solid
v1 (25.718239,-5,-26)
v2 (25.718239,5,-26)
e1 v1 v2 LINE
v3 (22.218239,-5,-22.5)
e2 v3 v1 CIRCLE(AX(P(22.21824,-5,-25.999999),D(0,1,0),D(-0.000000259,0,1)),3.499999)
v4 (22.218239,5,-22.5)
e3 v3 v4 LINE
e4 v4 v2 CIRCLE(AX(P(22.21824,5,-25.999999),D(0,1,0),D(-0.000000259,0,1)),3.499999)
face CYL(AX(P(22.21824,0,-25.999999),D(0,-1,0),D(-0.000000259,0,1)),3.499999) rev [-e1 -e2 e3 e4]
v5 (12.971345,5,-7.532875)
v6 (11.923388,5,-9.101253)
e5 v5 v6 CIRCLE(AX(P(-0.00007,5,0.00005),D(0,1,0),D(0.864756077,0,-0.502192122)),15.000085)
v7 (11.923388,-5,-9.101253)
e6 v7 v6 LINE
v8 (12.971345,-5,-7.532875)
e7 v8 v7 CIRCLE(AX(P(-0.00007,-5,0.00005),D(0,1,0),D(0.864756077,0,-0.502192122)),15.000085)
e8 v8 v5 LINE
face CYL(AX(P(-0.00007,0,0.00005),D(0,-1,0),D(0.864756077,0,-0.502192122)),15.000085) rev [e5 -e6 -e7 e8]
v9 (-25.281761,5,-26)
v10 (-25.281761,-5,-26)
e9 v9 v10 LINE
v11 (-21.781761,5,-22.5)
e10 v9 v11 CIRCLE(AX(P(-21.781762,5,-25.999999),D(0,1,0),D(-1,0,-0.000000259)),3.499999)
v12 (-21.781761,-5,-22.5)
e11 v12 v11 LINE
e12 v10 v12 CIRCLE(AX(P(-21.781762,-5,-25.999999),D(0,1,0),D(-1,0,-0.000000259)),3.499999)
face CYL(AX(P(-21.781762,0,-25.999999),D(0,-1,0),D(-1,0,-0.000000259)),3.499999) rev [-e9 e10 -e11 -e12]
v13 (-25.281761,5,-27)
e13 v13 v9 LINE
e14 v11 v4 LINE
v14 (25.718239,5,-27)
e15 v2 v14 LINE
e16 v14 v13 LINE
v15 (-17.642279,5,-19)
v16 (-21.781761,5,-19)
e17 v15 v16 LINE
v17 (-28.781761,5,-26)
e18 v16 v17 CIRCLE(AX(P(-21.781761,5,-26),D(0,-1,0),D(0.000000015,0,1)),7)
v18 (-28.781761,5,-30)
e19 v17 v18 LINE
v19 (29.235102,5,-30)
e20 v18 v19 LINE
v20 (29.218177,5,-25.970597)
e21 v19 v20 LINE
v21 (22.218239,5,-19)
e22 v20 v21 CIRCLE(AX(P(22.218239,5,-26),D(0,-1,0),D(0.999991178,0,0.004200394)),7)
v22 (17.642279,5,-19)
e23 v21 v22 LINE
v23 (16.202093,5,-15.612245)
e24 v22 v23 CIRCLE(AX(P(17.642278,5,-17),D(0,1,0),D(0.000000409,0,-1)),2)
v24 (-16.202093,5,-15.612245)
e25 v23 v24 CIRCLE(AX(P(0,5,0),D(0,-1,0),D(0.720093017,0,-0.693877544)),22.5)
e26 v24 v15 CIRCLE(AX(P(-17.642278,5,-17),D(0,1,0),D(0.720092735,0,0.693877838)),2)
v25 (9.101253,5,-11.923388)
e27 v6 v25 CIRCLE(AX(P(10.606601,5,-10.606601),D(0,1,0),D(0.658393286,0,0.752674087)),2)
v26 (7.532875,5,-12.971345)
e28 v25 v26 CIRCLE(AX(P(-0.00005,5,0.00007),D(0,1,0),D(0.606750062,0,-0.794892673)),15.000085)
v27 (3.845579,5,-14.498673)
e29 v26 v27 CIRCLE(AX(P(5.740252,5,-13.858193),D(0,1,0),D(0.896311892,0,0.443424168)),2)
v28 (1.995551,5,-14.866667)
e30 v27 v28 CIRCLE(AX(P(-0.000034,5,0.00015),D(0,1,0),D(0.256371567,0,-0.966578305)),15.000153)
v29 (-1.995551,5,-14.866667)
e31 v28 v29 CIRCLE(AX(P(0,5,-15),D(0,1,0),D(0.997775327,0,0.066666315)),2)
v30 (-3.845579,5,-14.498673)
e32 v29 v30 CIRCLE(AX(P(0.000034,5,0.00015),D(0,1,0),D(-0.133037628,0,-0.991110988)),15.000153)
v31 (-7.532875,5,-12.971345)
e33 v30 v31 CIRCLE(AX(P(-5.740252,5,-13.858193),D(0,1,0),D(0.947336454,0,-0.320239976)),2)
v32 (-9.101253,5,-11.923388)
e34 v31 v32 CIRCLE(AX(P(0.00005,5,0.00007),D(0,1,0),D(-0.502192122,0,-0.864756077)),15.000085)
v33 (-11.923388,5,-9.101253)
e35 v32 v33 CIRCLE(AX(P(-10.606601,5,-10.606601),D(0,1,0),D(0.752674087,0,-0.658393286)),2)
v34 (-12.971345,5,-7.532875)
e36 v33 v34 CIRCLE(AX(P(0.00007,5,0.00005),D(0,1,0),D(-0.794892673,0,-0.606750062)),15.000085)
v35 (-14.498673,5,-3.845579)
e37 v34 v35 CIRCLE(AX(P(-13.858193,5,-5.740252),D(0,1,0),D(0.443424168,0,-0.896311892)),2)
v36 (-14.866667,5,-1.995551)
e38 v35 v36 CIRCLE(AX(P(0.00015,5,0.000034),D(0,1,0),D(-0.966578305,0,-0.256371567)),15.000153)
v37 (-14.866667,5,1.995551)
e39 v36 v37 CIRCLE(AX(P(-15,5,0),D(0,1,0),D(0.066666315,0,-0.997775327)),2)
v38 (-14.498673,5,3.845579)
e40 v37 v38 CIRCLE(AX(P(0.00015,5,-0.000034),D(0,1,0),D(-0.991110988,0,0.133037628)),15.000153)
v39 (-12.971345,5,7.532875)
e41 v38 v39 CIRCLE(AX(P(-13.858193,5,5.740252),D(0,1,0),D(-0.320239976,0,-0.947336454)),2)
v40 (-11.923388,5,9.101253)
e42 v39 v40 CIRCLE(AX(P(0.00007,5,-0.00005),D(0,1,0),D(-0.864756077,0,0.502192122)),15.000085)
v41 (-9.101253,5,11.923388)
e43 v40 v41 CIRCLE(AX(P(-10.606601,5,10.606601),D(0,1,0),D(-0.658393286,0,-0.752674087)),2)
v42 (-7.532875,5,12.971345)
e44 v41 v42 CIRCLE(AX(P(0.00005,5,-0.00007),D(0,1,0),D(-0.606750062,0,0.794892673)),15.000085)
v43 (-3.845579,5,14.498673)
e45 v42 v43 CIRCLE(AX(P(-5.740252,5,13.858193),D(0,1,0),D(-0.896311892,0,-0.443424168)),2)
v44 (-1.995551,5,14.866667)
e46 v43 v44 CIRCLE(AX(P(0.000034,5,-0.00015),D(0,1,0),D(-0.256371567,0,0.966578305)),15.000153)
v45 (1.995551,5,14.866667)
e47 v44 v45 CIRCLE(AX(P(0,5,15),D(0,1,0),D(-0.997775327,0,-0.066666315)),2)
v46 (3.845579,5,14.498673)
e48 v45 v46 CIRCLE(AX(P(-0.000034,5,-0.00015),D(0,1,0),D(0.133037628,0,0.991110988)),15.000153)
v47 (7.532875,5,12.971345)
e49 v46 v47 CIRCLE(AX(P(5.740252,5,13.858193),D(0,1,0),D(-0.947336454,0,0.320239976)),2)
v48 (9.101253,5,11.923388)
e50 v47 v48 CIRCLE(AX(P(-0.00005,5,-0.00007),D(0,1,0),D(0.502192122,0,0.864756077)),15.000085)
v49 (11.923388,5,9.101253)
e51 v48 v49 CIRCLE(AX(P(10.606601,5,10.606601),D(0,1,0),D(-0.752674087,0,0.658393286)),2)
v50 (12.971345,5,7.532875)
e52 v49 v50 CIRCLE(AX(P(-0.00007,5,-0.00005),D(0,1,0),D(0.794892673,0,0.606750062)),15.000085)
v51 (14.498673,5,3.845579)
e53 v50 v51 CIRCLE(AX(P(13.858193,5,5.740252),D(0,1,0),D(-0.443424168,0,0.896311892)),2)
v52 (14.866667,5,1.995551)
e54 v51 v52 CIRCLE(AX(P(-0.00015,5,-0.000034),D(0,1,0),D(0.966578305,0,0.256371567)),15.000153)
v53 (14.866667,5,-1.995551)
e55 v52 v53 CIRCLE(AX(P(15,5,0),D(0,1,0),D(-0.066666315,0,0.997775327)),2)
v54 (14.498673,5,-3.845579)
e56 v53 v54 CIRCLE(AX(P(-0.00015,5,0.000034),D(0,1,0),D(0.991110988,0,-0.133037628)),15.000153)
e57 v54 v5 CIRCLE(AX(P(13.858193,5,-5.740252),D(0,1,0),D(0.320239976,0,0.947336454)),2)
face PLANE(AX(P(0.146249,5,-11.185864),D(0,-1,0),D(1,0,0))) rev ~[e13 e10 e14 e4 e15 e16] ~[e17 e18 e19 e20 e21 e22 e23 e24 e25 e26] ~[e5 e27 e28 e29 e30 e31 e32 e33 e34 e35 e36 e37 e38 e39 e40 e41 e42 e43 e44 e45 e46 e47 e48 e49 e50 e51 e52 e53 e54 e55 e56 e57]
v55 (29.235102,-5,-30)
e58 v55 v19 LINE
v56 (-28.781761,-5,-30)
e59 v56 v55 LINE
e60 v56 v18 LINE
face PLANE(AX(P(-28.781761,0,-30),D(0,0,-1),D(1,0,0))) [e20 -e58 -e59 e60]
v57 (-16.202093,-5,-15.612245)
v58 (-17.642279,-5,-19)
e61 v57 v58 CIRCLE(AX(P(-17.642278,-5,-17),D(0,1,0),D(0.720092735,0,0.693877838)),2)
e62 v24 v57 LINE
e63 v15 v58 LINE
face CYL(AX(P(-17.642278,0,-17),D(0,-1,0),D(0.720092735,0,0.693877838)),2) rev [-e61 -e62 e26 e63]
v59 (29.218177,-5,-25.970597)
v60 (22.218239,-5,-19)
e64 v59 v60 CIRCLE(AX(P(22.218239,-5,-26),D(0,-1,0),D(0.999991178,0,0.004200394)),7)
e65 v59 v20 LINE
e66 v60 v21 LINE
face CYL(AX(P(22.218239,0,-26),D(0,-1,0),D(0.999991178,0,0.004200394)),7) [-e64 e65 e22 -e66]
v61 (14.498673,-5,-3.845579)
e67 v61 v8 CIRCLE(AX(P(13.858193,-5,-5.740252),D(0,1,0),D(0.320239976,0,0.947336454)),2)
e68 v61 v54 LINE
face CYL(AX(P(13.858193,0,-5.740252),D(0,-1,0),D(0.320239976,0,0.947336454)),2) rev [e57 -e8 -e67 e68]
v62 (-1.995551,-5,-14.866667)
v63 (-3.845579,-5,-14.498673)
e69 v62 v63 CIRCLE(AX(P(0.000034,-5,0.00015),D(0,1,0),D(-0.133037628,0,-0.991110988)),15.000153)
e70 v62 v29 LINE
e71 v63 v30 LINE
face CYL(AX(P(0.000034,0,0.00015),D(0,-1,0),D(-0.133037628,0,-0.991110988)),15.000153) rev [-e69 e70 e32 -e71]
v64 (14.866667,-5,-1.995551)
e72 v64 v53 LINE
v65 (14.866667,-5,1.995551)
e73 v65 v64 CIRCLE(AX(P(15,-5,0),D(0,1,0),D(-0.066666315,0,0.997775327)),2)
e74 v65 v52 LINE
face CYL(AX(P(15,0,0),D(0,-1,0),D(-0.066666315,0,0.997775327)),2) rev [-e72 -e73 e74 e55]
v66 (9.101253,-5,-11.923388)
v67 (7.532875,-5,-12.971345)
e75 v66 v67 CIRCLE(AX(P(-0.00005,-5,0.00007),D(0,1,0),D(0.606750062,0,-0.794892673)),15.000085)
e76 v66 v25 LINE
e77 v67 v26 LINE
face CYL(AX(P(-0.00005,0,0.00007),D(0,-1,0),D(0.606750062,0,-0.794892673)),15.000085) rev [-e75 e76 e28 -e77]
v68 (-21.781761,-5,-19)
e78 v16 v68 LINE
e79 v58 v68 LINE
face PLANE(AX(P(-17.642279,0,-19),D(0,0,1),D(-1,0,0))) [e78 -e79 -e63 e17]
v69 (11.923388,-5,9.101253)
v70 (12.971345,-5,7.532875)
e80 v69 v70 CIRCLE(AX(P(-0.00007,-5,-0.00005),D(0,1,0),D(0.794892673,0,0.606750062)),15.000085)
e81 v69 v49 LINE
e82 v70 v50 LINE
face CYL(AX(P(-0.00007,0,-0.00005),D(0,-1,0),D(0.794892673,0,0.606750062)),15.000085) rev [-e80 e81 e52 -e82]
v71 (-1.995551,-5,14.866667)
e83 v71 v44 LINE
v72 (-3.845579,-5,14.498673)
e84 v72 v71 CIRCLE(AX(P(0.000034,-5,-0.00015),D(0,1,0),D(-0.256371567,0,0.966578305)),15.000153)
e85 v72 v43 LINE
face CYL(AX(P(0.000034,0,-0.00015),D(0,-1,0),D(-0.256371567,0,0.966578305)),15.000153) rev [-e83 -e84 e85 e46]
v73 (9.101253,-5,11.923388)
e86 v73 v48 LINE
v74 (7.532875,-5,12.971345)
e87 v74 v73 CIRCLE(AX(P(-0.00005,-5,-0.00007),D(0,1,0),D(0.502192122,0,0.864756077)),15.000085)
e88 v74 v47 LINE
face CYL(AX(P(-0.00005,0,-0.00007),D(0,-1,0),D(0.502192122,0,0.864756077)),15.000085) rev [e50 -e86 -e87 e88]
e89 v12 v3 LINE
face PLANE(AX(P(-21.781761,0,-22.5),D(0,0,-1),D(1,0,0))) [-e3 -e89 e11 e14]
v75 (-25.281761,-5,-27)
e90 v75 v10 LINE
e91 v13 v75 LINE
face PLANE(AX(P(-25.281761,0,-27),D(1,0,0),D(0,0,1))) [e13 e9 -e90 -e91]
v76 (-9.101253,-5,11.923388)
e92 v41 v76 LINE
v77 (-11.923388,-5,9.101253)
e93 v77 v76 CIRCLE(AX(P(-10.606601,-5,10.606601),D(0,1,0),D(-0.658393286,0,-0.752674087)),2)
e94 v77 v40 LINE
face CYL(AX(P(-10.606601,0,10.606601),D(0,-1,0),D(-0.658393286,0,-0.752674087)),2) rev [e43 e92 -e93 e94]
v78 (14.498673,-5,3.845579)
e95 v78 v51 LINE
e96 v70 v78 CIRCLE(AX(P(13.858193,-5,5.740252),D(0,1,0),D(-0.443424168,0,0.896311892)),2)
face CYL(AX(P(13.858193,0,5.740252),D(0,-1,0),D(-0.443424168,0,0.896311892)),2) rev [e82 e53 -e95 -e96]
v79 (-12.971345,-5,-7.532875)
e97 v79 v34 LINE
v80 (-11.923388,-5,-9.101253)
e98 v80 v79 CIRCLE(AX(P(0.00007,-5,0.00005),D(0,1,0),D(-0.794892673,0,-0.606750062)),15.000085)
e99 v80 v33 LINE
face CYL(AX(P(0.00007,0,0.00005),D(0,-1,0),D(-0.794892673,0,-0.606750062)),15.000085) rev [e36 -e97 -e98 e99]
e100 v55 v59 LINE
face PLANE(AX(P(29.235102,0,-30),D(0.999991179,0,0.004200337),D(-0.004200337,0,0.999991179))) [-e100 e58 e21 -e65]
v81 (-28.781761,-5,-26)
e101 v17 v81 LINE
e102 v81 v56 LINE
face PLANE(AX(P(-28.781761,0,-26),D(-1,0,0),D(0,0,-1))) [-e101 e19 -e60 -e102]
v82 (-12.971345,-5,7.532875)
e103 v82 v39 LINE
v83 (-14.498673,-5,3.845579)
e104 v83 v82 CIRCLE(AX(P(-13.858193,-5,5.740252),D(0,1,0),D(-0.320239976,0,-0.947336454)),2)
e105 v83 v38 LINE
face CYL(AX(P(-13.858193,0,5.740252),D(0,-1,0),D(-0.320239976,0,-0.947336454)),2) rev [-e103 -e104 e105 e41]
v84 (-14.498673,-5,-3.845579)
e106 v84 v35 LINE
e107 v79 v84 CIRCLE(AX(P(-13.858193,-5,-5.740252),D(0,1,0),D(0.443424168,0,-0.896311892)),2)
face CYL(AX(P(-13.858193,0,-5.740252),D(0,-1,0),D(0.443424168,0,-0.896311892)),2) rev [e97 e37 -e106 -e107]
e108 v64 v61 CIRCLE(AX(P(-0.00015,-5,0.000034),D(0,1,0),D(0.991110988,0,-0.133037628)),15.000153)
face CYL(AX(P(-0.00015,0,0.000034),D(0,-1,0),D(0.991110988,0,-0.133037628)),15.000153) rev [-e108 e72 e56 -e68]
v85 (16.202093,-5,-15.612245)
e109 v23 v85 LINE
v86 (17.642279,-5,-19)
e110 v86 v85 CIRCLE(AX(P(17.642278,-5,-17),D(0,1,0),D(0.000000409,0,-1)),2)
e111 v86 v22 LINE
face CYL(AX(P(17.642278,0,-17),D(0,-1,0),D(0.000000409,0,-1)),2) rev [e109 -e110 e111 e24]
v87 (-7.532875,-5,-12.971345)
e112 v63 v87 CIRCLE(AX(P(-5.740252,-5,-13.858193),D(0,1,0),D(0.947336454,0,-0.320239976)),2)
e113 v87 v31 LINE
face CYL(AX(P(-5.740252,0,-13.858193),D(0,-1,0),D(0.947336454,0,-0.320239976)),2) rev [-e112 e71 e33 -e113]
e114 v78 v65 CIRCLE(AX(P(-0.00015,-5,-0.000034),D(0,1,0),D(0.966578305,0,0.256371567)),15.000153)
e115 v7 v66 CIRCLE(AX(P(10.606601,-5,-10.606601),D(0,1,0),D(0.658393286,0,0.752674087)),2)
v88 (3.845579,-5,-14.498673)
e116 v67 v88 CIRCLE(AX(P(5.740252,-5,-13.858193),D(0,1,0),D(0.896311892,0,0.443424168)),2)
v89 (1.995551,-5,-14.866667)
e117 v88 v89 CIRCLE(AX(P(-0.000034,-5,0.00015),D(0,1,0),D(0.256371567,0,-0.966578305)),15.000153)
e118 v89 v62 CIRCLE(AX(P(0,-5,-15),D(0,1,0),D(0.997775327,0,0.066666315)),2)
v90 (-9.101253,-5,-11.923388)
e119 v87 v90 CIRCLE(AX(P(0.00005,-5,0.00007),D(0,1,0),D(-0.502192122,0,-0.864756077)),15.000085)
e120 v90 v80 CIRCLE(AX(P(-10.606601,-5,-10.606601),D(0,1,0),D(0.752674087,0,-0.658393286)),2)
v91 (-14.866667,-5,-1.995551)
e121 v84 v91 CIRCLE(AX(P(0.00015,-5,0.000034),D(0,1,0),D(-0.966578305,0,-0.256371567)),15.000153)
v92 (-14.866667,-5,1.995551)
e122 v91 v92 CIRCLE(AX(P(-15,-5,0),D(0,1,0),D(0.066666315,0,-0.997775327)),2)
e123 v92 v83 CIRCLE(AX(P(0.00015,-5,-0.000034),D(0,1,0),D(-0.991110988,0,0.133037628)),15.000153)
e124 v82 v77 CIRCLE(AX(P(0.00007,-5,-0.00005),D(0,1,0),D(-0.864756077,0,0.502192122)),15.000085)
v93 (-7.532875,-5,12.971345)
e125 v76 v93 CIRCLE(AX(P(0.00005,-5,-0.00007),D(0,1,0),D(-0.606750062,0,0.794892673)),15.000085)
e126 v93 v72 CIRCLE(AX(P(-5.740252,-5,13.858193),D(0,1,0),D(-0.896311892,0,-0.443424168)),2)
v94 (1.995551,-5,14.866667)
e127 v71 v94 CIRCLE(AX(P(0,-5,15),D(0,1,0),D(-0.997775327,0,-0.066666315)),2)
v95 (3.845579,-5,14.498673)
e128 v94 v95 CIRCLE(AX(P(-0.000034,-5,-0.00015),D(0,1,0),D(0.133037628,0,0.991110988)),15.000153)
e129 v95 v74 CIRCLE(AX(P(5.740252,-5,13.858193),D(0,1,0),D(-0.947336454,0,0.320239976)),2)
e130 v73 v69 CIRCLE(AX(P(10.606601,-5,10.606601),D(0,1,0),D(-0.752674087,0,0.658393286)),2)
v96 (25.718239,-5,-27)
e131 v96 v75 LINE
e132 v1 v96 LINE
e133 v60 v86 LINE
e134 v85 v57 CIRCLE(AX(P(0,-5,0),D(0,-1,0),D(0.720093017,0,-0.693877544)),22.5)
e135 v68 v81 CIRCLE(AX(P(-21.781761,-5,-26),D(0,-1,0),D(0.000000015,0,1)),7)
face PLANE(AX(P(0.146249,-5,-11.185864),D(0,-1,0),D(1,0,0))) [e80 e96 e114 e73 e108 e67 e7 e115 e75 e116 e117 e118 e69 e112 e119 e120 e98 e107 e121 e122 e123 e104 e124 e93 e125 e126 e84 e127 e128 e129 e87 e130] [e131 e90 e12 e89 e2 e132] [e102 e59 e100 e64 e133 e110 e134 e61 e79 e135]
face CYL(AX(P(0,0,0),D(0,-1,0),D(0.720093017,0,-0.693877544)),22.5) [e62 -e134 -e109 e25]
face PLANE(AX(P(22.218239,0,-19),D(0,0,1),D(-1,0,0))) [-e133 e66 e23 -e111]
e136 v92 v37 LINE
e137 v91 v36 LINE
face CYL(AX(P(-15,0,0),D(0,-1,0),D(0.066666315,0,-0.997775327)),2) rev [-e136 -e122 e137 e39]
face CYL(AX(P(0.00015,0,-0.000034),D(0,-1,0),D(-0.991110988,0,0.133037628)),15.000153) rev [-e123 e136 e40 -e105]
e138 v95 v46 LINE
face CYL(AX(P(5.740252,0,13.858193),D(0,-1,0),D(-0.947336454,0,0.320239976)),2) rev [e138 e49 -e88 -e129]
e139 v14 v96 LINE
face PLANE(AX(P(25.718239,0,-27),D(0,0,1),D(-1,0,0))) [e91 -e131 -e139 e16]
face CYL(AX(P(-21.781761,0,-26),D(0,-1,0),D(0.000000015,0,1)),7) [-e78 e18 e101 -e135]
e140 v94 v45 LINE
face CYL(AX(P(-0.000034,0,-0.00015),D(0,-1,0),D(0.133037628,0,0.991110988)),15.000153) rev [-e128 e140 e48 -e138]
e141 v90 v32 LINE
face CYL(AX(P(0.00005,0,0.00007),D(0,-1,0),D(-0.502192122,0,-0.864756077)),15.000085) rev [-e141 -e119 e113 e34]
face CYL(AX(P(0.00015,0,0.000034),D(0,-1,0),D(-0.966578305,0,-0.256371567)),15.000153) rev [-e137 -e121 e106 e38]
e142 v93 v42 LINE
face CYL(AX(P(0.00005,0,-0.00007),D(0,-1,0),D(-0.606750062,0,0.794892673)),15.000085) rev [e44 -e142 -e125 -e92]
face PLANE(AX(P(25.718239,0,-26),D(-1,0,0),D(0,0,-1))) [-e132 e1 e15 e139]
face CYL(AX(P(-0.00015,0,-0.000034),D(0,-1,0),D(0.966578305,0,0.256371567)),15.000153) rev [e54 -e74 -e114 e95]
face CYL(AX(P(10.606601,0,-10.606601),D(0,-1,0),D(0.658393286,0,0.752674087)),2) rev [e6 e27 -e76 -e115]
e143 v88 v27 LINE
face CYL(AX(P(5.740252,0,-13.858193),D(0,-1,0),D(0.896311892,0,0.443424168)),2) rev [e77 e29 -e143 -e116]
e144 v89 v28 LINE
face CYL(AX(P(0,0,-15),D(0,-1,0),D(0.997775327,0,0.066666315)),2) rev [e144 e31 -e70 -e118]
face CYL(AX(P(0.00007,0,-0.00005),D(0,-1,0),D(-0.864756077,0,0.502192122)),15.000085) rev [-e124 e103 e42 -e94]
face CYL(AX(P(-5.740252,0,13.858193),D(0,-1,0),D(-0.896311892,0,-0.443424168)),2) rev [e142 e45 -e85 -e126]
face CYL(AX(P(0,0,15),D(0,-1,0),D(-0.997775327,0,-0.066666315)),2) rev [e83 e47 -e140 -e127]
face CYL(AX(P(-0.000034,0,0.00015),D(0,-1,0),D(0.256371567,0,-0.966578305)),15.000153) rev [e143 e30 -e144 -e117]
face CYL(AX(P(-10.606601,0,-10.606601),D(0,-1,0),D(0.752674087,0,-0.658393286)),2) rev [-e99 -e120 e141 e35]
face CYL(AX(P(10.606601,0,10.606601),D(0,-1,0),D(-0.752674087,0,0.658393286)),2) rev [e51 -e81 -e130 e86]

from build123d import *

# Parameters (mm, degrees)
F1_DEPTH = 5


with BuildPart() as f1:
    # F0 (on Front) → F1 (new body, symmetric)
    with BuildSketch(Plane.XZ):
        with BuildLine():
            ThreePointArc((17.642279, -19), (15.801693, -17.782461), (16.202093, -15.612245))
            ThreePointArc((16.202093, -15.612245), (0, 22.5), (-16.202093, -15.612245))
            ThreePointArc((-16.202093, -15.612245), (-15.801693, -17.782461), (-17.642279, -19))
            Line((-17.642279, -19), (-21.781761, -19))
            ThreePointArc((-21.781761, -19), (-26.731509, -21.050253), (-28.781761, -26))
            Line((-28.781761, -26), (-28.781761, -30))
            Line((-28.781761, -30), (29.235102, -30))
            Line((29.235102, -30), (29.218177, -25.970597))
            ThreePointArc((29.218177, -25.970597), (27.15758, -21.039868), (22.218239, -19))
            Line((22.218239, -19), (17.642279, -19))
        make_face()
        with BuildLine():
            Line((25.718239, -27), (-25.281761, -27))
            Line((-25.281761, -27), (-25.281761, -26))
            ThreePointArc((-25.281761, -26), (-24.256635, -23.525126), (-21.781761, -22.5))
            Line((-21.781761, -22.5), (22.218239, -22.5))
            ThreePointArc((22.218239, -22.5), (24.693113, -23.525126), (25.718239, -26))
            Line((25.718239, -26), (25.718239, -27))
        make_face(mode=Mode.SUBTRACT)
        with BuildLine():
            ThreePointArc((-9.101253, 11.923388), (-8.333553, 12.472044), (-7.532875, 12.971345))
            ThreePointArc((-7.532875, 12.971345), (-6.505618, 15.705952), (-3.845579, 14.498673))
            ThreePointArc((-3.845579, 14.498673), (-2.926355, 14.711779), (-1.995551, 14.866667))
            ThreePointArc((-1.995551, 14.866667), (0, 17), (1.995551, 14.866667))
            ThreePointArc((1.995551, 14.866667), (2.926355, 14.711779), (3.845579, 14.498673))
            ThreePointArc((3.845579, 14.498673), (6.505618, 15.705952), (7.532875, 12.971345))
            ThreePointArc((7.532875, 12.971345), (8.333553, 12.472044), (9.101253, 11.923388))
            ThreePointArc((9.101253, 11.923388), (12.020815, 12.020815), (11.923388, 9.101253))
            ThreePointArc((11.923388, 9.101253), (12.472044, 8.333553), (12.971345, 7.532875))
            ThreePointArc((12.971345, 7.532875), (15.705952, 6.505618), (14.498673, 3.845579))
            ThreePointArc((14.498673, 3.845579), (14.711779, 2.926355), (14.866667, 1.995551))
            ThreePointArc((14.866667, 1.995551), (17, 0), (14.866667, -1.995551))
            ThreePointArc((14.866667, -1.995551), (14.711779, -2.926355), (14.498673, -3.845579))
            ThreePointArc((14.498673, -3.845579), (15.705952, -6.505618), (12.971345, -7.532875))
            ThreePointArc((12.971345, -7.532875), (12.472044, -8.333553), (11.923388, -9.101253))
            ThreePointArc((11.923388, -9.101253), (12.020815, -12.020815), (9.101253, -11.923388))
            ThreePointArc((9.101253, -11.923388), (8.333553, -12.472044), (7.532875, -12.971345))
            ThreePointArc((7.532875, -12.971345), (6.505618, -15.705952), (3.845579, -14.498673))
            ThreePointArc((3.845579, -14.498673), (2.926355, -14.711779), (1.995551, -14.866667))
            ThreePointArc((1.995551, -14.866667), (0, -17), (-1.995551, -14.866667))
            ThreePointArc((-1.995551, -14.866667), (-2.926355, -14.711779), (-3.845579, -14.498673))
            ThreePointArc((-3.845579, -14.498673), (-6.505618, -15.705952), (-7.532875, -12.971345))
            ThreePointArc((-7.532875, -12.971345), (-8.333553, -12.472044), (-9.101253, -11.923388))
            ThreePointArc((-9.101253, -11.923388), (-12.020815, -12.020815), (-11.923388, -9.101253))
            ThreePointArc((-11.923388, -9.101253), (-12.472044, -8.333553), (-12.971345, -7.532875))
            ThreePointArc((-12.971345, -7.532875), (-15.705952, -6.505618), (-14.498673, -3.845579))
            ThreePointArc((-14.498673, -3.845579), (-14.711779, -2.926355), (-14.866667, -1.995551))
            ThreePointArc((-14.866667, -1.995551), (-17, 0), (-14.866667, 1.995551))
            ThreePointArc((-14.866667, 1.995551), (-14.711779, 2.926355), (-14.498673, 3.845579))
            ThreePointArc((-14.498673, 3.845579), (-15.705952, 6.505618), (-12.971345, 7.532875))
            ThreePointArc((-12.971345, 7.532875), (-12.472044, 8.333553), (-11.923388, 9.101253))
            ThreePointArc((-11.923388, 9.101253), (-12.020815, 12.020815), (-9.101253, 11.923388))
        make_face(mode=Mode.SUBTRACT)
    extrude(amount=F1_DEPTH, both=True)


solid = f1.part
